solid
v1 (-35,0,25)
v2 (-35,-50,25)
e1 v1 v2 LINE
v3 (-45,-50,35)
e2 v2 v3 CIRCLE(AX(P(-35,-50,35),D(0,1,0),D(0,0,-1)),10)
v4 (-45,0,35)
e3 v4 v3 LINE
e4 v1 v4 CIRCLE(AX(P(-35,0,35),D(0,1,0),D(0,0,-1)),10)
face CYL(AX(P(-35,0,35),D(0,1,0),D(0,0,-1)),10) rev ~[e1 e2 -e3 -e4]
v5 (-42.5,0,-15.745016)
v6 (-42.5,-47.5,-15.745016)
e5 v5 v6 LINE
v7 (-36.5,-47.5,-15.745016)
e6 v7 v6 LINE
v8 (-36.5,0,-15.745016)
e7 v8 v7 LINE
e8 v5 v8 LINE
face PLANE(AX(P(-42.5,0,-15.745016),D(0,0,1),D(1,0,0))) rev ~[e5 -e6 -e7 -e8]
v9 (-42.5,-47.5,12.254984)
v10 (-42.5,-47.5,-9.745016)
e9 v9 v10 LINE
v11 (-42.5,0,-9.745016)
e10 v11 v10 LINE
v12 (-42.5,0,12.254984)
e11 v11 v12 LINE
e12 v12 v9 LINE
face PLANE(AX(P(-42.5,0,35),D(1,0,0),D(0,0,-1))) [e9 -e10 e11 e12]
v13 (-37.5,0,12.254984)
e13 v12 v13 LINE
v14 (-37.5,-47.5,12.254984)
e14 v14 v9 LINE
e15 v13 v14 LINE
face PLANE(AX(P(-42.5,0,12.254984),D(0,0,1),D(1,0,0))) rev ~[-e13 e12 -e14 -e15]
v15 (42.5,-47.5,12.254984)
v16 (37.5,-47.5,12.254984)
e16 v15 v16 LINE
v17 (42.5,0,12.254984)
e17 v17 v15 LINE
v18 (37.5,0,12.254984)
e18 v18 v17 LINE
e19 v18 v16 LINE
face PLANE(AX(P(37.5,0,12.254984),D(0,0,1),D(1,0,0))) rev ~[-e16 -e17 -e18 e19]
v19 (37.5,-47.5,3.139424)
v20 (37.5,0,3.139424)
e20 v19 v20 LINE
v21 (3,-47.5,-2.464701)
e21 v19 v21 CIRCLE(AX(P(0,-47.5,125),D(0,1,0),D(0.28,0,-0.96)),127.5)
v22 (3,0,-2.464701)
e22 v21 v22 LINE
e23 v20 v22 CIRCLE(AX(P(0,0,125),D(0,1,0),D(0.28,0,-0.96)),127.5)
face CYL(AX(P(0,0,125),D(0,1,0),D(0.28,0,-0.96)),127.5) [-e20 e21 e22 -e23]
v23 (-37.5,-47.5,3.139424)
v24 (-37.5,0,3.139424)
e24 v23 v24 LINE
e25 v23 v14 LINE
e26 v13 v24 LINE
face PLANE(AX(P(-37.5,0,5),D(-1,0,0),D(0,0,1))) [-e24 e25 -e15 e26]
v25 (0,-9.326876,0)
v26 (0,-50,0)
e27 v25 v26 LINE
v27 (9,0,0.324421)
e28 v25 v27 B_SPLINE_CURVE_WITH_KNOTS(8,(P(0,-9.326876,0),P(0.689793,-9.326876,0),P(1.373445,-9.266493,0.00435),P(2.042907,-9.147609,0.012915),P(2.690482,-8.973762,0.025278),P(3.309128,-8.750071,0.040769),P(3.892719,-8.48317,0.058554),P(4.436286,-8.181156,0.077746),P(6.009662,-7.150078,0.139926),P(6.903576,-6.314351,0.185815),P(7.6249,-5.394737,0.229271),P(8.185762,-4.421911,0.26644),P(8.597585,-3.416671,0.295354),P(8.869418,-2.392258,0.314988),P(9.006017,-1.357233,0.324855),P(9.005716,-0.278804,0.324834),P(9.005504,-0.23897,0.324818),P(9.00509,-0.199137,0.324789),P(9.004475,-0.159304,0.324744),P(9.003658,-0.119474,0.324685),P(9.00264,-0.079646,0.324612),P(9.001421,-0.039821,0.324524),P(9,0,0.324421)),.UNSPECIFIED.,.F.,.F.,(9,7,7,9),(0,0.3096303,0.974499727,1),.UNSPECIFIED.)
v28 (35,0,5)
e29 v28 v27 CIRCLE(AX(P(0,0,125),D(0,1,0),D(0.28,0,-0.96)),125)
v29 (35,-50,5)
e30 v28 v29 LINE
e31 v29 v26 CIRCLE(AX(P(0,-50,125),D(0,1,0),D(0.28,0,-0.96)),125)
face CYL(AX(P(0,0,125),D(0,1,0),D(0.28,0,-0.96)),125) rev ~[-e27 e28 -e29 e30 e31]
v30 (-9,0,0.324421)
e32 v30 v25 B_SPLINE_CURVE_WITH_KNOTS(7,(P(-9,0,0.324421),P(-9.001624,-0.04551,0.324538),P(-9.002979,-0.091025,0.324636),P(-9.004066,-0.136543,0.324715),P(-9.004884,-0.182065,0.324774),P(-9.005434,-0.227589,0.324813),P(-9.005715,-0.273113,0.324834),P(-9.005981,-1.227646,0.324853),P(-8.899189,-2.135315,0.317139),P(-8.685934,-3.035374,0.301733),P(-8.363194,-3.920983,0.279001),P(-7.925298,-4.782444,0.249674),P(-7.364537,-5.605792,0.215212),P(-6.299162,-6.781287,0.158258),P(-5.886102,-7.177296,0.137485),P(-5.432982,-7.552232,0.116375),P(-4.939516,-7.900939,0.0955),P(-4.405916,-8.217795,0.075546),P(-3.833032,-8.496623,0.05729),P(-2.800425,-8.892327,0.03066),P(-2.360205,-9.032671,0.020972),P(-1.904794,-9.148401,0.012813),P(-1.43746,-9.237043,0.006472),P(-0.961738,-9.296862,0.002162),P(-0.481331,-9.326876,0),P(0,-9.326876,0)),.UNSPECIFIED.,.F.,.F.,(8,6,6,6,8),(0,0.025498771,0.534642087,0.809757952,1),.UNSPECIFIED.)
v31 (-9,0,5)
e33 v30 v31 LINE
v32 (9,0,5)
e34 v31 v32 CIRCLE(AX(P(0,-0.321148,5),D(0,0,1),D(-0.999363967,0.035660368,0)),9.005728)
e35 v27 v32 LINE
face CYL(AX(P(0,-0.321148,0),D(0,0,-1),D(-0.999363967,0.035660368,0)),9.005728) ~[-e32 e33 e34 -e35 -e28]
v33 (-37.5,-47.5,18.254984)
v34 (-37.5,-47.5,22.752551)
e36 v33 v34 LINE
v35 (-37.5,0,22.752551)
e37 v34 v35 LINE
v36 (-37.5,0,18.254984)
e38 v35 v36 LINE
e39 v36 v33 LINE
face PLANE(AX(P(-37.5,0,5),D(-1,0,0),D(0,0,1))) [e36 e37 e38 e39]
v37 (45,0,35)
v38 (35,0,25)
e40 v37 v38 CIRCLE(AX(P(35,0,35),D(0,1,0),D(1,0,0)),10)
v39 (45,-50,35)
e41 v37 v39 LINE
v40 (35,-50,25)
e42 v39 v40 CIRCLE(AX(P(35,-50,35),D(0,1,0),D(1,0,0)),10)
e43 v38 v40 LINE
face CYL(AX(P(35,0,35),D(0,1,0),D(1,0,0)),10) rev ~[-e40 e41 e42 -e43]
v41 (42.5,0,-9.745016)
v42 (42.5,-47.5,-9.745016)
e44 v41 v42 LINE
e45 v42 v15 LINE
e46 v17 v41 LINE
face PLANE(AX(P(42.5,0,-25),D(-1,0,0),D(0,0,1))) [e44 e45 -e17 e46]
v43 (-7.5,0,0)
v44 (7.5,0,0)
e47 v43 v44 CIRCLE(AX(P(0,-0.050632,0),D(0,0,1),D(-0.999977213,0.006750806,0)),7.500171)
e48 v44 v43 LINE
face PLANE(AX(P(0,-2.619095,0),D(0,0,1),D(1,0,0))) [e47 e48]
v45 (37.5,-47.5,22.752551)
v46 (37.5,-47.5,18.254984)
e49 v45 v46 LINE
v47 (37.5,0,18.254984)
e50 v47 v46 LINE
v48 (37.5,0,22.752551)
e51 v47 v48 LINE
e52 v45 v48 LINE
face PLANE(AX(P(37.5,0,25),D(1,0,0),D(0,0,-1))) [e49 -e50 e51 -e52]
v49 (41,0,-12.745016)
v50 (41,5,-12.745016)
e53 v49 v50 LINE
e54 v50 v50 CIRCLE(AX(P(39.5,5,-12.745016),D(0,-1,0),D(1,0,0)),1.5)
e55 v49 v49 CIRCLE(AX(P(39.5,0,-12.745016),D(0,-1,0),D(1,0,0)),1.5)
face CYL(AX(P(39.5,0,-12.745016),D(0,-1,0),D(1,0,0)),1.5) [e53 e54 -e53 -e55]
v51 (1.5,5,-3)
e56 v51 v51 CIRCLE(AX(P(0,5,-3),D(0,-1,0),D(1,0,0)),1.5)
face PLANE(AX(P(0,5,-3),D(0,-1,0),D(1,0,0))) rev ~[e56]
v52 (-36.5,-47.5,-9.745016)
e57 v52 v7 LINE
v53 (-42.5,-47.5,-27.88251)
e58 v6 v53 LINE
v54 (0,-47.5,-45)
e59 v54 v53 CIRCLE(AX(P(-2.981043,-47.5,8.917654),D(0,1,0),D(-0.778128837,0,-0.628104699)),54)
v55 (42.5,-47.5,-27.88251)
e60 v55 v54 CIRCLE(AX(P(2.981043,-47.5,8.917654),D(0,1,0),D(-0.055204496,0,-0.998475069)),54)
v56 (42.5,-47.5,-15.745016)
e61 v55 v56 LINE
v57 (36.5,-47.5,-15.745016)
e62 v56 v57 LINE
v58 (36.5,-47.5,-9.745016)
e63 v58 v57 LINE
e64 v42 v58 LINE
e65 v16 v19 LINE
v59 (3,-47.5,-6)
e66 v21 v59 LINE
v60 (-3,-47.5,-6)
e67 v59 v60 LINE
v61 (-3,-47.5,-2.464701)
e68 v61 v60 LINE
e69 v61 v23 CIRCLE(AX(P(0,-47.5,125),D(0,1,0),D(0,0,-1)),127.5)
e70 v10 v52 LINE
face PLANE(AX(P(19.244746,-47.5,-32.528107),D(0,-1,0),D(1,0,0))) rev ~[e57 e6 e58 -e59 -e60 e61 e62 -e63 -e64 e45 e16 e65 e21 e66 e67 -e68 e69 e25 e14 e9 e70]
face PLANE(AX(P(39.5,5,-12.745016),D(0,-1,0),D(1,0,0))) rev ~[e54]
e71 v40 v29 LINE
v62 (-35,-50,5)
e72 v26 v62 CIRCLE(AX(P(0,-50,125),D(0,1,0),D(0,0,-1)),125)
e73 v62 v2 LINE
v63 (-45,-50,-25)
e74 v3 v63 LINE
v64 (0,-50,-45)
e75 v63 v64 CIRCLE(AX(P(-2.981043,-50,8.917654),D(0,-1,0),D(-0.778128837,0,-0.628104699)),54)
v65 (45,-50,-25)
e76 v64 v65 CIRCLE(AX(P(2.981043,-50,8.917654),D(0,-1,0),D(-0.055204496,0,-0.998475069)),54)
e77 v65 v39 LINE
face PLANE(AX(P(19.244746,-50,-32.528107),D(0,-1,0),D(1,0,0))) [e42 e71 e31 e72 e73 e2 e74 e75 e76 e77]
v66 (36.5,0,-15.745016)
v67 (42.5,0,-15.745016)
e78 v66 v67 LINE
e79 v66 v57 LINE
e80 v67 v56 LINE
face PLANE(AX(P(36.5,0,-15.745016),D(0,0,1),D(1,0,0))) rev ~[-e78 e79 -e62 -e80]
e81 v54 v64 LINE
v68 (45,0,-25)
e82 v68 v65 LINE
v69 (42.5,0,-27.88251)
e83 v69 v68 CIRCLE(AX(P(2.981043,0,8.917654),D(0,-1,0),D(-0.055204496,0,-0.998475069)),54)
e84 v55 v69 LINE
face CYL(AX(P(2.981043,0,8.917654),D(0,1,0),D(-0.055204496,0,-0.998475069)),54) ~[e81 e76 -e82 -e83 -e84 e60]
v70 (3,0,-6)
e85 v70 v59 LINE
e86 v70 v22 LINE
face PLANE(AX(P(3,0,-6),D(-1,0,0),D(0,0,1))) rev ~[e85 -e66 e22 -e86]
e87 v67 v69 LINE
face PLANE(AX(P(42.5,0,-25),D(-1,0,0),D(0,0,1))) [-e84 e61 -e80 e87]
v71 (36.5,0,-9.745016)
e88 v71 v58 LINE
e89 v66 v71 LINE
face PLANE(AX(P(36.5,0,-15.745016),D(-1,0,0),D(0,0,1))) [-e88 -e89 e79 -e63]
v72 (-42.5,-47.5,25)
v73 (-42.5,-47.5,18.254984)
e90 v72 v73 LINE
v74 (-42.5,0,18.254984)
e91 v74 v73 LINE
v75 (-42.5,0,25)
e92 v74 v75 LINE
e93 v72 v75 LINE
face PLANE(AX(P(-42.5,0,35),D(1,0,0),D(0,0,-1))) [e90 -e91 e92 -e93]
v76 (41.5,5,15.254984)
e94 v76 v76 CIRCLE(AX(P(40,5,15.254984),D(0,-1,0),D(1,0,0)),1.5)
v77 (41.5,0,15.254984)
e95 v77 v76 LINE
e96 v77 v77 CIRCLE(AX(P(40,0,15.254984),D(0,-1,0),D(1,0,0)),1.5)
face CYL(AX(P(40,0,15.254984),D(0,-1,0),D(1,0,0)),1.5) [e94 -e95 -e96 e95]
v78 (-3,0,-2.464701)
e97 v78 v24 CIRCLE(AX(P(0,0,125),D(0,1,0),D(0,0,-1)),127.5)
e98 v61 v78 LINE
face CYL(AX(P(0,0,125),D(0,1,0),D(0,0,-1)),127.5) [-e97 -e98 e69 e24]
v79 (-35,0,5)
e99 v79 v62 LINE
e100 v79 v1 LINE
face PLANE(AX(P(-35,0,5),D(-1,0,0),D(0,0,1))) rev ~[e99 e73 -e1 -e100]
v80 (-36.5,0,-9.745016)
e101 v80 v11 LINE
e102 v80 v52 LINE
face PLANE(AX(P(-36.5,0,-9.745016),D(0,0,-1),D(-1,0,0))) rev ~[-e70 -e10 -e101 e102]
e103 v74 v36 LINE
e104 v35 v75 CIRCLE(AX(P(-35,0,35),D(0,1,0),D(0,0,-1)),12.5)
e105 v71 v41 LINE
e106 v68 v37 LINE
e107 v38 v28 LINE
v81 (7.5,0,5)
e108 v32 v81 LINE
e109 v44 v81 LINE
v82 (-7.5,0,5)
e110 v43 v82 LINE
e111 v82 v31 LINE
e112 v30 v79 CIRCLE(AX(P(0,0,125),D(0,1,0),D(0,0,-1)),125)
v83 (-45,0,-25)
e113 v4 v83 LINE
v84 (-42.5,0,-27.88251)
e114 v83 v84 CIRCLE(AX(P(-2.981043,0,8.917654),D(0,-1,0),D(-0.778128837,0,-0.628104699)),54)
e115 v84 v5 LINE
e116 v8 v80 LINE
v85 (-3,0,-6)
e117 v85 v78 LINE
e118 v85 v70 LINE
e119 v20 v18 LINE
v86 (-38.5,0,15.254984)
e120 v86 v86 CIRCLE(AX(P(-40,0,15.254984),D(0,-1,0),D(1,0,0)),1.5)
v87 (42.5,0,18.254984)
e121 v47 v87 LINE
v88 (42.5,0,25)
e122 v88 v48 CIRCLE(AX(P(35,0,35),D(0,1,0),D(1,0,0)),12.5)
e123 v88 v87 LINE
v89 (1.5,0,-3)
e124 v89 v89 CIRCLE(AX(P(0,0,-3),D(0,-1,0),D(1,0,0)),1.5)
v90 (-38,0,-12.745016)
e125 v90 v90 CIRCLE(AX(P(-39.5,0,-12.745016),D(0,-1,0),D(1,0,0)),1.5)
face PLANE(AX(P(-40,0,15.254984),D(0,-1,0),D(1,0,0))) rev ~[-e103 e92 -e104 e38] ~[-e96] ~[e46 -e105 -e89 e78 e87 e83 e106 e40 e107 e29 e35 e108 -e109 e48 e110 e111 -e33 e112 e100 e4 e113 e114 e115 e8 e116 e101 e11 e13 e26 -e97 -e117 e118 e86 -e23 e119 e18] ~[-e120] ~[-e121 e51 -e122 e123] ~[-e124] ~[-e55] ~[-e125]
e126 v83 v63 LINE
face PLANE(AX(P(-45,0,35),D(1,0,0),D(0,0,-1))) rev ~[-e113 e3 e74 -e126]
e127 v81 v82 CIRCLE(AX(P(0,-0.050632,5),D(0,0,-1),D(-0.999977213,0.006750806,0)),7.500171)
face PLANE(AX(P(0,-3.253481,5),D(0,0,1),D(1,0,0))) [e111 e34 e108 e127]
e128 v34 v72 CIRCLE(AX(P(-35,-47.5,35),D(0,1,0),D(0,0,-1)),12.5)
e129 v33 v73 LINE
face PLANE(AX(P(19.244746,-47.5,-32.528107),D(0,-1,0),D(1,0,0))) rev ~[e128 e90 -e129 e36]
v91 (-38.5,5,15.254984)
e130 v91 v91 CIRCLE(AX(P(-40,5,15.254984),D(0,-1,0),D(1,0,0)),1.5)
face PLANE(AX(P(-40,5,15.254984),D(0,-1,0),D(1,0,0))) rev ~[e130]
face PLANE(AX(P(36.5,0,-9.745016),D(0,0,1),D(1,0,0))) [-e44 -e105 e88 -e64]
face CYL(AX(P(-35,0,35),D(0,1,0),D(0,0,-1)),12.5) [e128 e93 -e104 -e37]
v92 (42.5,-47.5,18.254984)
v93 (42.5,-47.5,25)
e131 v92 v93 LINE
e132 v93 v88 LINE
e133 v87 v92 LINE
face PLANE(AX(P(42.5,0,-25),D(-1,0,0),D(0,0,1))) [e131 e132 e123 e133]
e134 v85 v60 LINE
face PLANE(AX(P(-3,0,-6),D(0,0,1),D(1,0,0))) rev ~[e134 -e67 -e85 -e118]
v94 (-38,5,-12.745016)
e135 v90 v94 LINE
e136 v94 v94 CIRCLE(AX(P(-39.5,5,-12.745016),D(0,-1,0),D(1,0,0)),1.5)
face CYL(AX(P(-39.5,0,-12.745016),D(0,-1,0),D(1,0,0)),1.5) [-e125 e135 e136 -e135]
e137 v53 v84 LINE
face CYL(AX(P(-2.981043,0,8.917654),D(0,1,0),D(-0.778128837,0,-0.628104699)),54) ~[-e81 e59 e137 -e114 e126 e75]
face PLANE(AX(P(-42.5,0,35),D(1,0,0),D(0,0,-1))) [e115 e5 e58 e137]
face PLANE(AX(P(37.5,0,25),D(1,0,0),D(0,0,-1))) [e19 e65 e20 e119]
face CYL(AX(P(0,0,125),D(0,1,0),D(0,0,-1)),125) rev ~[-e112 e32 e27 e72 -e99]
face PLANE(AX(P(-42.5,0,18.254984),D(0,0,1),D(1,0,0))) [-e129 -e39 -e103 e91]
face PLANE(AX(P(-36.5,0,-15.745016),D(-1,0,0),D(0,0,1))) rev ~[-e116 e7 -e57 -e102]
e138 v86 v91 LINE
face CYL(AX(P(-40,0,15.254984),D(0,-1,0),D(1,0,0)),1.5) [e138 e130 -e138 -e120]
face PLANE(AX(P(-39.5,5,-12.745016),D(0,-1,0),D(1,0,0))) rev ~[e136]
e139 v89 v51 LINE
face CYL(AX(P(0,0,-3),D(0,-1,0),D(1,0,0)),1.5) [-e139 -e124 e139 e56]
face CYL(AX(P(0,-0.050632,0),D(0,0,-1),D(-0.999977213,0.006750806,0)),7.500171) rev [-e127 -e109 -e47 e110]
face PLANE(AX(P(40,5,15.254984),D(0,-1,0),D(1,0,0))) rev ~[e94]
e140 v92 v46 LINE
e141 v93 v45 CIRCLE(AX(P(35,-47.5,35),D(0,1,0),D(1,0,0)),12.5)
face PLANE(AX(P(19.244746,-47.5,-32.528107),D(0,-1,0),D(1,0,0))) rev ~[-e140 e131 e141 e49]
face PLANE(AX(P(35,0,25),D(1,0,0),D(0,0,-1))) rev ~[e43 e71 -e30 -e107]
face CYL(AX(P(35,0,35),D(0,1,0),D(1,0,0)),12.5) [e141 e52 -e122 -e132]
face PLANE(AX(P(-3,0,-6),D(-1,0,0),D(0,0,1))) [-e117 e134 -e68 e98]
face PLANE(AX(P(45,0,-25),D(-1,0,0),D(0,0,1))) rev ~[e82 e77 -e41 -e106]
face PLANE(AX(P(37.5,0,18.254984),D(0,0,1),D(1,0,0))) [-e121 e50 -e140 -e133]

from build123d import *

# Parameters (mm, degrees)
F1_DEPTH  = 50
F2_T      = -2.5
F3_W      = 5
F3_H      = 6
F3_W_2    = 3
F3_W_3    = 6
F4_DEPTH  = 50
F5_R      = 1.5
F6_DEPTH  = 5
F8_DEPTH  = 5
F10_DEPTH = 6


with BuildPart() as f1:
    # F0 (on Front) → F1 (new body)
    with BuildSketch(Plane.XZ):
        with BuildLine():
            ThreePointArc((0, -45), (24.9125199529, -40.428169894), (45, -25))
            Line((45, -25), (0, -25))
            Line((0, -25), (0, -45))
        make_face()
        with BuildLine():
            Line((0, -25), (45, -25))
            Line((45, -25), (45, 25))
            Line((45, 25), (35, 25))
            Line((35, 25), (35, 5))
            ThreePointArc((35, 5), (17.6776695297, 1.2563132924), (0, 0))
            Line((0, 0), (0, -25))
        make_face()
        with BuildLine():
            Line((0, -45), (0, -25))
            Line((0, -25), (-45, -25))
            ThreePointArc((-45, -25), (-24.9125199529, -40.428169894), (0, -45))
        make_face()
        with BuildLine():
            Line((-45, -25), (0, -25))
            Line((0, -25), (0, 0))
            ThreePointArc((0, 0), (-17.6776695297, 1.2563132924), (-35, 5))
            Line((-35, 5), (-35, 25))
            Line((-35, 25), (-45, 25))
            Line((-45, 25), (-45, -25))
        make_face()
        with BuildLine():
            Line((35, 25), (45, 25))
            Line((45, 25), (45, 35))
            ThreePointArc((45, 35), (42.0710678119, 27.9289321881), (35, 25))
        make_face()
        with BuildLine():
            Line((-45, 35), (-45, 25))
            Line((-45, 25), (-35, 25))
            ThreePointArc((-35, 25), (-42.0710678119, 27.9289321881), (-45, 35))
        make_face()
    extrude(amount=F1_DEPTH)

    # F2
    f2_openings = [f1.faces().sort_by_distance(p)[0] for p in [
        (-24.91252, -25, -40.42817),
        (24.91252, -25, -40.42817),
        (0, 0, -15.155819),
    ]]
    offset(amount=F2_T, openings=f2_openings, kind=Kind.INTERSECTION)

    # F3 (on Front) → F4 (join)
    with BuildSketch(Plane.XZ):
        with Locations((-40, 15.2549841851)):
            Rectangle(F3_W, F3_H)
        with Locations((40, 15.2549841851)):
            Rectangle(F3_W, F3_H)
        with Locations((1.5, -3)):
            Rectangle(F3_W_2, F3_H)
        with Locations((-1.5, -3)):
            Rectangle(F3_W_2, F3_H)
        Polygon((-42.5, -9.7450158149), (-42.5, -12.7450158149), (-42.5, -15.7450158149), (-36.5, -15.7450158149), (-36.5, -9.7450158149), align=None)
        with Locations((39.5, -12.7450158149)):
            Rectangle(F3_W_3, F3_H)
    extrude(amount=F4_DEPTH)

    # F5 (on face) → F6 (join)
    with BuildSketch(Plane.XZ):
        with Locations((-40, 15.2549841851)):
            Circle(F5_R)
        with Locations((-39.5, -12.7450158149)):
            Circle(F5_R)
        with Locations((40, 15.2549841851)):
            Circle(F5_R)
        with Locations((39.5, -12.7450158149)):
            Circle(F5_R)
        with Locations((0, -3)):
            Circle(F5_R)
    extrude(amount=-F6_DEPTH)

    # F7 (on Top) → F8 (join)
    with BuildSketch(Plane.XY):
        with BuildLine():
            Line((9, 0), (-9, 0))
            ThreePointArc((-9, 0), (0, -9.3268755147), (9, 0))
        make_face()
    extrude(amount=F8_DEPTH)

    # F9 (on Top) → F10 (cut)
    with BuildSketch(Plane.XY):
        with BuildLine():
            Line((7.5, 0), (-7.5, 0))
            ThreePointArc((-7.5, 0), (0, -7.5508031077), (7.5, 0))
        make_face()
    extrude(amount=F10_DEPTH, mode=Mode.SUBTRACT)


solid = f1.part
